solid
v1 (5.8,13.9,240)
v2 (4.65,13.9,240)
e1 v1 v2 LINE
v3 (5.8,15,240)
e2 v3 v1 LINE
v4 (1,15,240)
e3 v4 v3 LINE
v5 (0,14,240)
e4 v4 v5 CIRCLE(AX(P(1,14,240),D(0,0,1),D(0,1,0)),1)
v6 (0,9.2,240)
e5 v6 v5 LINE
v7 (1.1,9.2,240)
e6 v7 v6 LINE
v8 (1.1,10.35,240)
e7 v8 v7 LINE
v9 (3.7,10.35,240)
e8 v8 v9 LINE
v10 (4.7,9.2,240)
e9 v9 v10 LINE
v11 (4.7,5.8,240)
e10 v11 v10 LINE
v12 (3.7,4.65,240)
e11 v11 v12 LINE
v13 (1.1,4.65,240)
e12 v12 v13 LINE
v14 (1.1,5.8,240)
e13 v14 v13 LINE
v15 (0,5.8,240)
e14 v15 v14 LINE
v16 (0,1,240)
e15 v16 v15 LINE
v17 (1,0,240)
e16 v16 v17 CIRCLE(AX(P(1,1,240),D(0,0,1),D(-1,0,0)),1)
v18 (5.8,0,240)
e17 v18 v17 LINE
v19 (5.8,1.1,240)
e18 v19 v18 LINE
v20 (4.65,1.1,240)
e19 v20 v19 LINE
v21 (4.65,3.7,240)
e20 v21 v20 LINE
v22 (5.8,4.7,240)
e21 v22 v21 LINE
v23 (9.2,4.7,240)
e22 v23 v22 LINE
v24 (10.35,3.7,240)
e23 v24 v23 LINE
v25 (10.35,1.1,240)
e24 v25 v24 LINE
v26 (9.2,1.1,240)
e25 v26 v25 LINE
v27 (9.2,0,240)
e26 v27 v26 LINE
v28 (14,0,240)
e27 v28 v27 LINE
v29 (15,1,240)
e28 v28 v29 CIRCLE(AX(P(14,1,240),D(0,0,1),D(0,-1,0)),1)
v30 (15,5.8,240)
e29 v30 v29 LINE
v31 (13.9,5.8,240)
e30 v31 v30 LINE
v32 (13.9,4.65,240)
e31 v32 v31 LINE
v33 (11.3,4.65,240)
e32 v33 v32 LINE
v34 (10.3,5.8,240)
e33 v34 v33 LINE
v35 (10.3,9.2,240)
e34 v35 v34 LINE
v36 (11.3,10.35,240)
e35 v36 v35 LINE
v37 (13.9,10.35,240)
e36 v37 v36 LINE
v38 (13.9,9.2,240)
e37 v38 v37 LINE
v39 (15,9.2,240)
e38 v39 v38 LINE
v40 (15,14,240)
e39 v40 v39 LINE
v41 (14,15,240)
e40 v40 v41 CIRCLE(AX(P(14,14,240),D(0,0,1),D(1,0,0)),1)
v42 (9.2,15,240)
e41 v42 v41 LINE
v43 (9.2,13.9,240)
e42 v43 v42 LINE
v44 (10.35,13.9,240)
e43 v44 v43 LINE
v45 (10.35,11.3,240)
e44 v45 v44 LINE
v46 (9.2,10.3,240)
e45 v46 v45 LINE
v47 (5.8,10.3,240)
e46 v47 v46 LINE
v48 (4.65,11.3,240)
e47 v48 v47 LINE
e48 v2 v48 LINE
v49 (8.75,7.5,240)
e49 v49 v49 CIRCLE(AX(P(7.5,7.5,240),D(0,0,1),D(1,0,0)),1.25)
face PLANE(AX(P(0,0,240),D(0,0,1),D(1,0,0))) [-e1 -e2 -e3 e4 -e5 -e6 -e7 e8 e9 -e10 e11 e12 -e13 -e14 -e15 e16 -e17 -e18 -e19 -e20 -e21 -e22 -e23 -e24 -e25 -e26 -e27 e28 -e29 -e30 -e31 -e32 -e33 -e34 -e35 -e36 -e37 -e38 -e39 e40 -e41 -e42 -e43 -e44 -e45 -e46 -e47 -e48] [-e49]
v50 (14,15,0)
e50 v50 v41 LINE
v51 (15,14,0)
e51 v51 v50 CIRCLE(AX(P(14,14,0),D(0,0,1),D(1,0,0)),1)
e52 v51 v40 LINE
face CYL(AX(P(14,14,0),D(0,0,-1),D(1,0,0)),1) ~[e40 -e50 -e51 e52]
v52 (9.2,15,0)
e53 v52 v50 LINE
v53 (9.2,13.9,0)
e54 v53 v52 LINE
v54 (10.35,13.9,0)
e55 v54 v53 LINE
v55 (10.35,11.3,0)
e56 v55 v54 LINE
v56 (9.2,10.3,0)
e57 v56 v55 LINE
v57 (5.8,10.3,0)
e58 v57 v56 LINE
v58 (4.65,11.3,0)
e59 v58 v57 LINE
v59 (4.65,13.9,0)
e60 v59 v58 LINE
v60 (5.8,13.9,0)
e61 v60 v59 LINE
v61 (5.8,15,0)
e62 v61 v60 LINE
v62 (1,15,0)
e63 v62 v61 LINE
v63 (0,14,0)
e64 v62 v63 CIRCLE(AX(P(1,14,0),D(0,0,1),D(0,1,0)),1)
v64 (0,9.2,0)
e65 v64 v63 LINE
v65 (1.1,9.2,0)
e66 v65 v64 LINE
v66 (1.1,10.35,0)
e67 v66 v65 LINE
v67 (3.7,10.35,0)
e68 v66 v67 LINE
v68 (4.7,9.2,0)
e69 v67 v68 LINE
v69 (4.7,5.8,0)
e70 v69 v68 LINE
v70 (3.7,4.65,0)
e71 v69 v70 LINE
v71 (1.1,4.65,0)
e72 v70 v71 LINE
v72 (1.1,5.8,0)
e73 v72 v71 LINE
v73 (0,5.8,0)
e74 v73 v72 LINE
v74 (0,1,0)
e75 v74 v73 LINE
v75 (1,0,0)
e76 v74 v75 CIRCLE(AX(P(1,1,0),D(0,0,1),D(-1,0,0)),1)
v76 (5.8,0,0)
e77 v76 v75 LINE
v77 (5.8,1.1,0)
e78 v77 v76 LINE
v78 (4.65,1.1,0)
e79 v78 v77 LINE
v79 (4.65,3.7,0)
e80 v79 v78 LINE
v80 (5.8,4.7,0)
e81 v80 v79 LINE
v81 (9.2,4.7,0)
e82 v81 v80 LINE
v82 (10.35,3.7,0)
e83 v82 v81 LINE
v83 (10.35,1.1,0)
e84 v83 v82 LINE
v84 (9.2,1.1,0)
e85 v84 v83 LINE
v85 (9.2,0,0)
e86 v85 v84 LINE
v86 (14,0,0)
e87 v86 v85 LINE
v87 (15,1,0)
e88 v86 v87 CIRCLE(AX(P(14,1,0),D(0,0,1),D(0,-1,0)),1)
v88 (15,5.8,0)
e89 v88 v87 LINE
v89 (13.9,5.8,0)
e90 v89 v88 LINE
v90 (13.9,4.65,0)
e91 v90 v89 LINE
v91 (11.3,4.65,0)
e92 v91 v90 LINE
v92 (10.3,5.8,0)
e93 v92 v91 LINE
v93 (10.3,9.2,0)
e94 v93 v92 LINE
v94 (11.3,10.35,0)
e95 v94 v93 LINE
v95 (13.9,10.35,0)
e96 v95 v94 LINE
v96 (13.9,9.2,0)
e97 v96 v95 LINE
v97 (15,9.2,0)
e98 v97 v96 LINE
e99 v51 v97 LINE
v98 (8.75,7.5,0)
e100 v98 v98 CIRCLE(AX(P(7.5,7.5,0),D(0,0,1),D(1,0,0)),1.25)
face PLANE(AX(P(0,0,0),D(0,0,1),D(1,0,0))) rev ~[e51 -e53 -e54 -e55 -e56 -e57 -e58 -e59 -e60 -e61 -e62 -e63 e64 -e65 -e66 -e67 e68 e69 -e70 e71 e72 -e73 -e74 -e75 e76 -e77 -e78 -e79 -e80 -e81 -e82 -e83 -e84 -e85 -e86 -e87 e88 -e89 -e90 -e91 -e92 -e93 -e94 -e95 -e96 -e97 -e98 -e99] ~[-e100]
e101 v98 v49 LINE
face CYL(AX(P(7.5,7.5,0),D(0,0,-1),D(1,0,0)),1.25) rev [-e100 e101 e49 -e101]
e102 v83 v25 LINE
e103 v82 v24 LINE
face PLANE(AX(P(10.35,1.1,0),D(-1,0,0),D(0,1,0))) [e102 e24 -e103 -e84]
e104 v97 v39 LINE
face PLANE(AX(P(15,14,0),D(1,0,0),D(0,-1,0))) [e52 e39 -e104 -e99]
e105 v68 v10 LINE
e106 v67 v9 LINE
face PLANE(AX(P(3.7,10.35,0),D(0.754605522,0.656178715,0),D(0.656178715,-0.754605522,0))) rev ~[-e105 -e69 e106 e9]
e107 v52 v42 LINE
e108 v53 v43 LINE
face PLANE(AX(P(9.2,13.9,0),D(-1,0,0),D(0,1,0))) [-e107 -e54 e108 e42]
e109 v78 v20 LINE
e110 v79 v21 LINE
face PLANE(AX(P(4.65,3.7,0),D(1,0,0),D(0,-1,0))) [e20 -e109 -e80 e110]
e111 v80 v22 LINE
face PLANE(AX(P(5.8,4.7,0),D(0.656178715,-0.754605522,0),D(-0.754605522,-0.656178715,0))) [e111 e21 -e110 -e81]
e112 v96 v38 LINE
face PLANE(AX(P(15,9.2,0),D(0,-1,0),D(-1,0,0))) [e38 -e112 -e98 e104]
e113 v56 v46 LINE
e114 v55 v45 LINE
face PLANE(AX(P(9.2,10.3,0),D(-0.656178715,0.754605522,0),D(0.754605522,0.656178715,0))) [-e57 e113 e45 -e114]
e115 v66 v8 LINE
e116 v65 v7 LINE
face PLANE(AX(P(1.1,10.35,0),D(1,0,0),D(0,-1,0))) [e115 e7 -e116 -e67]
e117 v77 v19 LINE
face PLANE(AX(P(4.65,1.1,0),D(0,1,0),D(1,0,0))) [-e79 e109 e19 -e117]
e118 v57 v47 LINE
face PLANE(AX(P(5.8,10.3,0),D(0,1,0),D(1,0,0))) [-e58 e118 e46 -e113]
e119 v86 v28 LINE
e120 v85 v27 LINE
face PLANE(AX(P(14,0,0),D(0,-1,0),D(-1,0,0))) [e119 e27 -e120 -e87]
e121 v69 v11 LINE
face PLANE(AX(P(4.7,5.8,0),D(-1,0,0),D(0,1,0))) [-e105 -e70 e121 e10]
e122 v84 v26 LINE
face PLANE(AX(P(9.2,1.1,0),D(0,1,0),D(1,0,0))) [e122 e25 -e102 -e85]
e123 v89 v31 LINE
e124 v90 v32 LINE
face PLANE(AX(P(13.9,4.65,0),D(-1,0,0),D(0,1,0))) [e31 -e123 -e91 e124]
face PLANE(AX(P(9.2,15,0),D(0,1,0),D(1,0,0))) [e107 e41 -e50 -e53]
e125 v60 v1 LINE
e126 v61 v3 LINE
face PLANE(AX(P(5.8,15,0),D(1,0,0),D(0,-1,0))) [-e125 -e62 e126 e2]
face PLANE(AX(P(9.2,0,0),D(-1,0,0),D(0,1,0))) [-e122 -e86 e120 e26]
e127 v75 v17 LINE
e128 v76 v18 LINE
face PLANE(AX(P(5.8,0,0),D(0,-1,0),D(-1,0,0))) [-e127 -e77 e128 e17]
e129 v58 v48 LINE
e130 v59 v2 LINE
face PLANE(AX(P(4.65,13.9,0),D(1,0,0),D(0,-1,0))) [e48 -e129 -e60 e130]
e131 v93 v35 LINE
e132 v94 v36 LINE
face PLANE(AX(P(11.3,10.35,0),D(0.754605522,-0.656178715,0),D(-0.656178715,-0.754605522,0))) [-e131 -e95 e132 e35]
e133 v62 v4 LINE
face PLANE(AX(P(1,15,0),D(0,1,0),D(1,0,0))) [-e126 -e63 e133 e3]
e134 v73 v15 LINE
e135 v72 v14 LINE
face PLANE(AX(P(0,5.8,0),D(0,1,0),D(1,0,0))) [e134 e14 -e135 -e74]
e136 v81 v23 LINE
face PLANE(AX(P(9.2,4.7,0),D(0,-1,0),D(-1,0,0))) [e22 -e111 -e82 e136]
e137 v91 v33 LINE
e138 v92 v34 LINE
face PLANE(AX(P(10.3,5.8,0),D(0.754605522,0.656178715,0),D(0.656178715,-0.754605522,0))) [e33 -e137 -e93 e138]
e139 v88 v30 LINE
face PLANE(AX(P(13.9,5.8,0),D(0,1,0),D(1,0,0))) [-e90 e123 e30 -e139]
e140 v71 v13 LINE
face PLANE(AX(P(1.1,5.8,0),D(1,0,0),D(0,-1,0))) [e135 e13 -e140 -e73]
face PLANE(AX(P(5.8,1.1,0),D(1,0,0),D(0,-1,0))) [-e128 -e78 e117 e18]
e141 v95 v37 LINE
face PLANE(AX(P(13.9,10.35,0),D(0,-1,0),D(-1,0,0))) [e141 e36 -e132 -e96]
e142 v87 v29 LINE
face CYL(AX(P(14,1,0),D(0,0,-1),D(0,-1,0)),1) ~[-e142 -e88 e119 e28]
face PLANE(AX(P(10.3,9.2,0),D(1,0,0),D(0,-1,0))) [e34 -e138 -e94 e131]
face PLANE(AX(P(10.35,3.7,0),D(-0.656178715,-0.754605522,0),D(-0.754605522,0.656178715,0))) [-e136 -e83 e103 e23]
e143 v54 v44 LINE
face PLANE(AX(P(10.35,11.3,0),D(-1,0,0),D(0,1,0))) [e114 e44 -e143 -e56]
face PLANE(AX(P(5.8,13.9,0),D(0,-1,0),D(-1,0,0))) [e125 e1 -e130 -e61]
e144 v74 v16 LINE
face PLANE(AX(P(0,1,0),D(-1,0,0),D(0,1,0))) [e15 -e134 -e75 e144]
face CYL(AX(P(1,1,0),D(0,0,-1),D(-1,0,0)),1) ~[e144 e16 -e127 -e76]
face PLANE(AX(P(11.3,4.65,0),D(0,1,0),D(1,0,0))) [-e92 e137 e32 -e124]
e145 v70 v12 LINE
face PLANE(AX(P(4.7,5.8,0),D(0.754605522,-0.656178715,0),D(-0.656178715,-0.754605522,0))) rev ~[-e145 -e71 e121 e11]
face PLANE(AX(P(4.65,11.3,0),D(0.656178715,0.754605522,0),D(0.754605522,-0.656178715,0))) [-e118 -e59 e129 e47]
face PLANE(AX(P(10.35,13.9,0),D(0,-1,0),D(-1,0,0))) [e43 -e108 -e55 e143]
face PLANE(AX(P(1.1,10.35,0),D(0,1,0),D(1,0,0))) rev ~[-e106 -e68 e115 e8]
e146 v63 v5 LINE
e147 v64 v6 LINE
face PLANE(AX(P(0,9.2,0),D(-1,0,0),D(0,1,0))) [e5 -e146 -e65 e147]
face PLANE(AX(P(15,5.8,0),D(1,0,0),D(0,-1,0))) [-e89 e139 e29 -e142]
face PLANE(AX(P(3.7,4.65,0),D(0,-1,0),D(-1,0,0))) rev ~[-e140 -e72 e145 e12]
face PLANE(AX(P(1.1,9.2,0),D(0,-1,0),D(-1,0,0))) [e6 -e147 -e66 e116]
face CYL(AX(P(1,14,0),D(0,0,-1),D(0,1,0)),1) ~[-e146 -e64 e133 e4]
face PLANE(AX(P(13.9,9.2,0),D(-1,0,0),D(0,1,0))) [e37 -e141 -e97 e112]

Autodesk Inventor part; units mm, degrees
ref_plane "YZ Plane" through (0, 0, 0) normal (1, 0, 0) x (0, 1, 0)
ref_plane "XZ Plane" through (0, 0, 0) normal (0, 1, 0) x (-1, 0, 0)
ref_plane "XY Plane" through (0, 0, 0) normal (0, 0, 1) x (1, 0, 0)
sketch "Sketch1" plane through (0, 0, 0) normal (0, 0, 1) x (1, 0, 0)
  line L0 (0, 0) -> (0, 5.8)
  line L1 (0, 5.8) -> (1.1, 5.8)
  line L2 (1.1, 5.8) -> (1.1, 4.65)
  line L3 (4.7, 5.8) -> (4.7, 9.2)
  line L4 (1.1, 10.35) -> (1.1, 9.2)
  line L5 (1.1, 9.2) -> (0, 9.2)
  line L6 (0, 9.2) -> (0, 15)
  line L7 (0, 15) -> (5.8, 15)
  line L8 (5.8, 15) -> (5.8, 13.9)
  line L9 (5.8, 13.9) -> (4.65, 13.9)
  line L10 (5.8, 10.3) -> (9.2, 10.3)
  line L11 (10.35, 13.9) -> (9.2, 13.9)
  line L12 (9.2, 13.9) -> (9.2, 15)
  line L13 (9.2, 15) -> (15, 15)
  line L14 (15, 15) -> (15, 9.2)
  line L15 (15, 9.2) -> (13.9, 9.2)
  line L16 (13.9, 9.2) -> (13.9, 10.35)
  line L17 (10.3, 9.2) -> (10.3, 5.8)
  line L18 (13.9, 4.65) -> (13.9, 5.8)
  line L19 (13.9, 5.8) -> (15, 5.8)
  line L20 (15, 5.8) -> (15, 0)
  line L21 (15, 0) -> (9.2, 0)
  line L22 (9.2, 0) -> (9.2, 1.1)
  line L23 (9.2, 1.1) -> (10.35, 1.1)
  line L24 (9.2, 4.7) -> (5.8, 4.7)
  line L25 (4.65, 1.1) -> (5.8, 1.1)
  line L26 (5.8, 1.1) -> (5.8, 0)
  line L27 (5.8, 0) -> (0, 0)
  circle A0 centre (7.5, 7.5) radius 1.25
  line L28 (1.1, 10.35) -> (3.7, 10.35)
  line L29 (3.7, 10.35) -> (4.7, 9.2)
  line L30 (4.7, 5.8) -> (3.7, 4.65)
  line L31 (3.7, 4.65) -> (1.1, 4.65)
  line L32 (4.65, 13.9) -> (4.65, 11.3)
  line L33 (4.65, 11.3) -> (5.8, 10.3)
  line L34 (9.2, 10.3) -> (10.35, 11.3)
  line L35 (10.35, 11.3) -> (10.35, 13.9)
  line L36 (13.9, 10.35) -> (11.3, 10.35)
  line L37 (11.3, 10.35) -> (10.3, 9.2)
  line L38 (10.3, 5.8) -> (11.3, 4.65)
  line L39 (11.3, 4.65) -> (13.9, 4.65)
  line L40 (10.35, 1.1) -> (10.35, 3.7)
  line L41 (10.35, 3.7) -> (9.2, 4.7)
  line L42 (5.8, 4.7) -> (4.65, 3.7)
  line L43 (4.65, 3.7) -> (4.65, 1.1)
  arc A1 (1, 15) -> (0, 14) centre (1, 14) ccw
  arc A2 (15, 14) -> (14, 15) centre (14, 14) ccw
  arc A3 (14, 0) -> (15, 1) centre (14, 1) ccw
  arc A4 (0, 1) -> (1, 0) centre (1, 1) ccw
  dimension "d6" = 15
  dimension "d7" = 1.1
  dimension "d8" = 5.7
  dimension "d9" = 3.4
  dimension "d10" = 2.5
  dimension "d13" = 7.5
  dimension "d14" = 7.5
  dimension "d18" = 15
  dimension "d19" = 3.6
  dimension "d20" = 1
  dimension "d21" = 3.4
  dimension "d22" = 1
extrude "Extrusion1" add sketch "Sketch1" along normal blind 240 contours L0 L1 L2 L31 L30 L3 L29 L28 L4 L5 L6 A1 L7 L8 L9 L32 L33 L10 L34 L35 L11 L12 L13 A2 L14 L15 L16 L36 L37 L17 L38 L39 L18 L19 L20 A3 L21 L22 L23 L40 L41 L24 L42 L43 L25 L26 L27 A4
equation "\"d13\" = 0.5 * d6"
equation "\"d14\" = 0.5 * d6"
equation "\"d18\" = d6"
equation "\"d21\" = d9"
properties part number "Rail_Misumi_HFS3-1515-240" material "Aluminum 6061"
